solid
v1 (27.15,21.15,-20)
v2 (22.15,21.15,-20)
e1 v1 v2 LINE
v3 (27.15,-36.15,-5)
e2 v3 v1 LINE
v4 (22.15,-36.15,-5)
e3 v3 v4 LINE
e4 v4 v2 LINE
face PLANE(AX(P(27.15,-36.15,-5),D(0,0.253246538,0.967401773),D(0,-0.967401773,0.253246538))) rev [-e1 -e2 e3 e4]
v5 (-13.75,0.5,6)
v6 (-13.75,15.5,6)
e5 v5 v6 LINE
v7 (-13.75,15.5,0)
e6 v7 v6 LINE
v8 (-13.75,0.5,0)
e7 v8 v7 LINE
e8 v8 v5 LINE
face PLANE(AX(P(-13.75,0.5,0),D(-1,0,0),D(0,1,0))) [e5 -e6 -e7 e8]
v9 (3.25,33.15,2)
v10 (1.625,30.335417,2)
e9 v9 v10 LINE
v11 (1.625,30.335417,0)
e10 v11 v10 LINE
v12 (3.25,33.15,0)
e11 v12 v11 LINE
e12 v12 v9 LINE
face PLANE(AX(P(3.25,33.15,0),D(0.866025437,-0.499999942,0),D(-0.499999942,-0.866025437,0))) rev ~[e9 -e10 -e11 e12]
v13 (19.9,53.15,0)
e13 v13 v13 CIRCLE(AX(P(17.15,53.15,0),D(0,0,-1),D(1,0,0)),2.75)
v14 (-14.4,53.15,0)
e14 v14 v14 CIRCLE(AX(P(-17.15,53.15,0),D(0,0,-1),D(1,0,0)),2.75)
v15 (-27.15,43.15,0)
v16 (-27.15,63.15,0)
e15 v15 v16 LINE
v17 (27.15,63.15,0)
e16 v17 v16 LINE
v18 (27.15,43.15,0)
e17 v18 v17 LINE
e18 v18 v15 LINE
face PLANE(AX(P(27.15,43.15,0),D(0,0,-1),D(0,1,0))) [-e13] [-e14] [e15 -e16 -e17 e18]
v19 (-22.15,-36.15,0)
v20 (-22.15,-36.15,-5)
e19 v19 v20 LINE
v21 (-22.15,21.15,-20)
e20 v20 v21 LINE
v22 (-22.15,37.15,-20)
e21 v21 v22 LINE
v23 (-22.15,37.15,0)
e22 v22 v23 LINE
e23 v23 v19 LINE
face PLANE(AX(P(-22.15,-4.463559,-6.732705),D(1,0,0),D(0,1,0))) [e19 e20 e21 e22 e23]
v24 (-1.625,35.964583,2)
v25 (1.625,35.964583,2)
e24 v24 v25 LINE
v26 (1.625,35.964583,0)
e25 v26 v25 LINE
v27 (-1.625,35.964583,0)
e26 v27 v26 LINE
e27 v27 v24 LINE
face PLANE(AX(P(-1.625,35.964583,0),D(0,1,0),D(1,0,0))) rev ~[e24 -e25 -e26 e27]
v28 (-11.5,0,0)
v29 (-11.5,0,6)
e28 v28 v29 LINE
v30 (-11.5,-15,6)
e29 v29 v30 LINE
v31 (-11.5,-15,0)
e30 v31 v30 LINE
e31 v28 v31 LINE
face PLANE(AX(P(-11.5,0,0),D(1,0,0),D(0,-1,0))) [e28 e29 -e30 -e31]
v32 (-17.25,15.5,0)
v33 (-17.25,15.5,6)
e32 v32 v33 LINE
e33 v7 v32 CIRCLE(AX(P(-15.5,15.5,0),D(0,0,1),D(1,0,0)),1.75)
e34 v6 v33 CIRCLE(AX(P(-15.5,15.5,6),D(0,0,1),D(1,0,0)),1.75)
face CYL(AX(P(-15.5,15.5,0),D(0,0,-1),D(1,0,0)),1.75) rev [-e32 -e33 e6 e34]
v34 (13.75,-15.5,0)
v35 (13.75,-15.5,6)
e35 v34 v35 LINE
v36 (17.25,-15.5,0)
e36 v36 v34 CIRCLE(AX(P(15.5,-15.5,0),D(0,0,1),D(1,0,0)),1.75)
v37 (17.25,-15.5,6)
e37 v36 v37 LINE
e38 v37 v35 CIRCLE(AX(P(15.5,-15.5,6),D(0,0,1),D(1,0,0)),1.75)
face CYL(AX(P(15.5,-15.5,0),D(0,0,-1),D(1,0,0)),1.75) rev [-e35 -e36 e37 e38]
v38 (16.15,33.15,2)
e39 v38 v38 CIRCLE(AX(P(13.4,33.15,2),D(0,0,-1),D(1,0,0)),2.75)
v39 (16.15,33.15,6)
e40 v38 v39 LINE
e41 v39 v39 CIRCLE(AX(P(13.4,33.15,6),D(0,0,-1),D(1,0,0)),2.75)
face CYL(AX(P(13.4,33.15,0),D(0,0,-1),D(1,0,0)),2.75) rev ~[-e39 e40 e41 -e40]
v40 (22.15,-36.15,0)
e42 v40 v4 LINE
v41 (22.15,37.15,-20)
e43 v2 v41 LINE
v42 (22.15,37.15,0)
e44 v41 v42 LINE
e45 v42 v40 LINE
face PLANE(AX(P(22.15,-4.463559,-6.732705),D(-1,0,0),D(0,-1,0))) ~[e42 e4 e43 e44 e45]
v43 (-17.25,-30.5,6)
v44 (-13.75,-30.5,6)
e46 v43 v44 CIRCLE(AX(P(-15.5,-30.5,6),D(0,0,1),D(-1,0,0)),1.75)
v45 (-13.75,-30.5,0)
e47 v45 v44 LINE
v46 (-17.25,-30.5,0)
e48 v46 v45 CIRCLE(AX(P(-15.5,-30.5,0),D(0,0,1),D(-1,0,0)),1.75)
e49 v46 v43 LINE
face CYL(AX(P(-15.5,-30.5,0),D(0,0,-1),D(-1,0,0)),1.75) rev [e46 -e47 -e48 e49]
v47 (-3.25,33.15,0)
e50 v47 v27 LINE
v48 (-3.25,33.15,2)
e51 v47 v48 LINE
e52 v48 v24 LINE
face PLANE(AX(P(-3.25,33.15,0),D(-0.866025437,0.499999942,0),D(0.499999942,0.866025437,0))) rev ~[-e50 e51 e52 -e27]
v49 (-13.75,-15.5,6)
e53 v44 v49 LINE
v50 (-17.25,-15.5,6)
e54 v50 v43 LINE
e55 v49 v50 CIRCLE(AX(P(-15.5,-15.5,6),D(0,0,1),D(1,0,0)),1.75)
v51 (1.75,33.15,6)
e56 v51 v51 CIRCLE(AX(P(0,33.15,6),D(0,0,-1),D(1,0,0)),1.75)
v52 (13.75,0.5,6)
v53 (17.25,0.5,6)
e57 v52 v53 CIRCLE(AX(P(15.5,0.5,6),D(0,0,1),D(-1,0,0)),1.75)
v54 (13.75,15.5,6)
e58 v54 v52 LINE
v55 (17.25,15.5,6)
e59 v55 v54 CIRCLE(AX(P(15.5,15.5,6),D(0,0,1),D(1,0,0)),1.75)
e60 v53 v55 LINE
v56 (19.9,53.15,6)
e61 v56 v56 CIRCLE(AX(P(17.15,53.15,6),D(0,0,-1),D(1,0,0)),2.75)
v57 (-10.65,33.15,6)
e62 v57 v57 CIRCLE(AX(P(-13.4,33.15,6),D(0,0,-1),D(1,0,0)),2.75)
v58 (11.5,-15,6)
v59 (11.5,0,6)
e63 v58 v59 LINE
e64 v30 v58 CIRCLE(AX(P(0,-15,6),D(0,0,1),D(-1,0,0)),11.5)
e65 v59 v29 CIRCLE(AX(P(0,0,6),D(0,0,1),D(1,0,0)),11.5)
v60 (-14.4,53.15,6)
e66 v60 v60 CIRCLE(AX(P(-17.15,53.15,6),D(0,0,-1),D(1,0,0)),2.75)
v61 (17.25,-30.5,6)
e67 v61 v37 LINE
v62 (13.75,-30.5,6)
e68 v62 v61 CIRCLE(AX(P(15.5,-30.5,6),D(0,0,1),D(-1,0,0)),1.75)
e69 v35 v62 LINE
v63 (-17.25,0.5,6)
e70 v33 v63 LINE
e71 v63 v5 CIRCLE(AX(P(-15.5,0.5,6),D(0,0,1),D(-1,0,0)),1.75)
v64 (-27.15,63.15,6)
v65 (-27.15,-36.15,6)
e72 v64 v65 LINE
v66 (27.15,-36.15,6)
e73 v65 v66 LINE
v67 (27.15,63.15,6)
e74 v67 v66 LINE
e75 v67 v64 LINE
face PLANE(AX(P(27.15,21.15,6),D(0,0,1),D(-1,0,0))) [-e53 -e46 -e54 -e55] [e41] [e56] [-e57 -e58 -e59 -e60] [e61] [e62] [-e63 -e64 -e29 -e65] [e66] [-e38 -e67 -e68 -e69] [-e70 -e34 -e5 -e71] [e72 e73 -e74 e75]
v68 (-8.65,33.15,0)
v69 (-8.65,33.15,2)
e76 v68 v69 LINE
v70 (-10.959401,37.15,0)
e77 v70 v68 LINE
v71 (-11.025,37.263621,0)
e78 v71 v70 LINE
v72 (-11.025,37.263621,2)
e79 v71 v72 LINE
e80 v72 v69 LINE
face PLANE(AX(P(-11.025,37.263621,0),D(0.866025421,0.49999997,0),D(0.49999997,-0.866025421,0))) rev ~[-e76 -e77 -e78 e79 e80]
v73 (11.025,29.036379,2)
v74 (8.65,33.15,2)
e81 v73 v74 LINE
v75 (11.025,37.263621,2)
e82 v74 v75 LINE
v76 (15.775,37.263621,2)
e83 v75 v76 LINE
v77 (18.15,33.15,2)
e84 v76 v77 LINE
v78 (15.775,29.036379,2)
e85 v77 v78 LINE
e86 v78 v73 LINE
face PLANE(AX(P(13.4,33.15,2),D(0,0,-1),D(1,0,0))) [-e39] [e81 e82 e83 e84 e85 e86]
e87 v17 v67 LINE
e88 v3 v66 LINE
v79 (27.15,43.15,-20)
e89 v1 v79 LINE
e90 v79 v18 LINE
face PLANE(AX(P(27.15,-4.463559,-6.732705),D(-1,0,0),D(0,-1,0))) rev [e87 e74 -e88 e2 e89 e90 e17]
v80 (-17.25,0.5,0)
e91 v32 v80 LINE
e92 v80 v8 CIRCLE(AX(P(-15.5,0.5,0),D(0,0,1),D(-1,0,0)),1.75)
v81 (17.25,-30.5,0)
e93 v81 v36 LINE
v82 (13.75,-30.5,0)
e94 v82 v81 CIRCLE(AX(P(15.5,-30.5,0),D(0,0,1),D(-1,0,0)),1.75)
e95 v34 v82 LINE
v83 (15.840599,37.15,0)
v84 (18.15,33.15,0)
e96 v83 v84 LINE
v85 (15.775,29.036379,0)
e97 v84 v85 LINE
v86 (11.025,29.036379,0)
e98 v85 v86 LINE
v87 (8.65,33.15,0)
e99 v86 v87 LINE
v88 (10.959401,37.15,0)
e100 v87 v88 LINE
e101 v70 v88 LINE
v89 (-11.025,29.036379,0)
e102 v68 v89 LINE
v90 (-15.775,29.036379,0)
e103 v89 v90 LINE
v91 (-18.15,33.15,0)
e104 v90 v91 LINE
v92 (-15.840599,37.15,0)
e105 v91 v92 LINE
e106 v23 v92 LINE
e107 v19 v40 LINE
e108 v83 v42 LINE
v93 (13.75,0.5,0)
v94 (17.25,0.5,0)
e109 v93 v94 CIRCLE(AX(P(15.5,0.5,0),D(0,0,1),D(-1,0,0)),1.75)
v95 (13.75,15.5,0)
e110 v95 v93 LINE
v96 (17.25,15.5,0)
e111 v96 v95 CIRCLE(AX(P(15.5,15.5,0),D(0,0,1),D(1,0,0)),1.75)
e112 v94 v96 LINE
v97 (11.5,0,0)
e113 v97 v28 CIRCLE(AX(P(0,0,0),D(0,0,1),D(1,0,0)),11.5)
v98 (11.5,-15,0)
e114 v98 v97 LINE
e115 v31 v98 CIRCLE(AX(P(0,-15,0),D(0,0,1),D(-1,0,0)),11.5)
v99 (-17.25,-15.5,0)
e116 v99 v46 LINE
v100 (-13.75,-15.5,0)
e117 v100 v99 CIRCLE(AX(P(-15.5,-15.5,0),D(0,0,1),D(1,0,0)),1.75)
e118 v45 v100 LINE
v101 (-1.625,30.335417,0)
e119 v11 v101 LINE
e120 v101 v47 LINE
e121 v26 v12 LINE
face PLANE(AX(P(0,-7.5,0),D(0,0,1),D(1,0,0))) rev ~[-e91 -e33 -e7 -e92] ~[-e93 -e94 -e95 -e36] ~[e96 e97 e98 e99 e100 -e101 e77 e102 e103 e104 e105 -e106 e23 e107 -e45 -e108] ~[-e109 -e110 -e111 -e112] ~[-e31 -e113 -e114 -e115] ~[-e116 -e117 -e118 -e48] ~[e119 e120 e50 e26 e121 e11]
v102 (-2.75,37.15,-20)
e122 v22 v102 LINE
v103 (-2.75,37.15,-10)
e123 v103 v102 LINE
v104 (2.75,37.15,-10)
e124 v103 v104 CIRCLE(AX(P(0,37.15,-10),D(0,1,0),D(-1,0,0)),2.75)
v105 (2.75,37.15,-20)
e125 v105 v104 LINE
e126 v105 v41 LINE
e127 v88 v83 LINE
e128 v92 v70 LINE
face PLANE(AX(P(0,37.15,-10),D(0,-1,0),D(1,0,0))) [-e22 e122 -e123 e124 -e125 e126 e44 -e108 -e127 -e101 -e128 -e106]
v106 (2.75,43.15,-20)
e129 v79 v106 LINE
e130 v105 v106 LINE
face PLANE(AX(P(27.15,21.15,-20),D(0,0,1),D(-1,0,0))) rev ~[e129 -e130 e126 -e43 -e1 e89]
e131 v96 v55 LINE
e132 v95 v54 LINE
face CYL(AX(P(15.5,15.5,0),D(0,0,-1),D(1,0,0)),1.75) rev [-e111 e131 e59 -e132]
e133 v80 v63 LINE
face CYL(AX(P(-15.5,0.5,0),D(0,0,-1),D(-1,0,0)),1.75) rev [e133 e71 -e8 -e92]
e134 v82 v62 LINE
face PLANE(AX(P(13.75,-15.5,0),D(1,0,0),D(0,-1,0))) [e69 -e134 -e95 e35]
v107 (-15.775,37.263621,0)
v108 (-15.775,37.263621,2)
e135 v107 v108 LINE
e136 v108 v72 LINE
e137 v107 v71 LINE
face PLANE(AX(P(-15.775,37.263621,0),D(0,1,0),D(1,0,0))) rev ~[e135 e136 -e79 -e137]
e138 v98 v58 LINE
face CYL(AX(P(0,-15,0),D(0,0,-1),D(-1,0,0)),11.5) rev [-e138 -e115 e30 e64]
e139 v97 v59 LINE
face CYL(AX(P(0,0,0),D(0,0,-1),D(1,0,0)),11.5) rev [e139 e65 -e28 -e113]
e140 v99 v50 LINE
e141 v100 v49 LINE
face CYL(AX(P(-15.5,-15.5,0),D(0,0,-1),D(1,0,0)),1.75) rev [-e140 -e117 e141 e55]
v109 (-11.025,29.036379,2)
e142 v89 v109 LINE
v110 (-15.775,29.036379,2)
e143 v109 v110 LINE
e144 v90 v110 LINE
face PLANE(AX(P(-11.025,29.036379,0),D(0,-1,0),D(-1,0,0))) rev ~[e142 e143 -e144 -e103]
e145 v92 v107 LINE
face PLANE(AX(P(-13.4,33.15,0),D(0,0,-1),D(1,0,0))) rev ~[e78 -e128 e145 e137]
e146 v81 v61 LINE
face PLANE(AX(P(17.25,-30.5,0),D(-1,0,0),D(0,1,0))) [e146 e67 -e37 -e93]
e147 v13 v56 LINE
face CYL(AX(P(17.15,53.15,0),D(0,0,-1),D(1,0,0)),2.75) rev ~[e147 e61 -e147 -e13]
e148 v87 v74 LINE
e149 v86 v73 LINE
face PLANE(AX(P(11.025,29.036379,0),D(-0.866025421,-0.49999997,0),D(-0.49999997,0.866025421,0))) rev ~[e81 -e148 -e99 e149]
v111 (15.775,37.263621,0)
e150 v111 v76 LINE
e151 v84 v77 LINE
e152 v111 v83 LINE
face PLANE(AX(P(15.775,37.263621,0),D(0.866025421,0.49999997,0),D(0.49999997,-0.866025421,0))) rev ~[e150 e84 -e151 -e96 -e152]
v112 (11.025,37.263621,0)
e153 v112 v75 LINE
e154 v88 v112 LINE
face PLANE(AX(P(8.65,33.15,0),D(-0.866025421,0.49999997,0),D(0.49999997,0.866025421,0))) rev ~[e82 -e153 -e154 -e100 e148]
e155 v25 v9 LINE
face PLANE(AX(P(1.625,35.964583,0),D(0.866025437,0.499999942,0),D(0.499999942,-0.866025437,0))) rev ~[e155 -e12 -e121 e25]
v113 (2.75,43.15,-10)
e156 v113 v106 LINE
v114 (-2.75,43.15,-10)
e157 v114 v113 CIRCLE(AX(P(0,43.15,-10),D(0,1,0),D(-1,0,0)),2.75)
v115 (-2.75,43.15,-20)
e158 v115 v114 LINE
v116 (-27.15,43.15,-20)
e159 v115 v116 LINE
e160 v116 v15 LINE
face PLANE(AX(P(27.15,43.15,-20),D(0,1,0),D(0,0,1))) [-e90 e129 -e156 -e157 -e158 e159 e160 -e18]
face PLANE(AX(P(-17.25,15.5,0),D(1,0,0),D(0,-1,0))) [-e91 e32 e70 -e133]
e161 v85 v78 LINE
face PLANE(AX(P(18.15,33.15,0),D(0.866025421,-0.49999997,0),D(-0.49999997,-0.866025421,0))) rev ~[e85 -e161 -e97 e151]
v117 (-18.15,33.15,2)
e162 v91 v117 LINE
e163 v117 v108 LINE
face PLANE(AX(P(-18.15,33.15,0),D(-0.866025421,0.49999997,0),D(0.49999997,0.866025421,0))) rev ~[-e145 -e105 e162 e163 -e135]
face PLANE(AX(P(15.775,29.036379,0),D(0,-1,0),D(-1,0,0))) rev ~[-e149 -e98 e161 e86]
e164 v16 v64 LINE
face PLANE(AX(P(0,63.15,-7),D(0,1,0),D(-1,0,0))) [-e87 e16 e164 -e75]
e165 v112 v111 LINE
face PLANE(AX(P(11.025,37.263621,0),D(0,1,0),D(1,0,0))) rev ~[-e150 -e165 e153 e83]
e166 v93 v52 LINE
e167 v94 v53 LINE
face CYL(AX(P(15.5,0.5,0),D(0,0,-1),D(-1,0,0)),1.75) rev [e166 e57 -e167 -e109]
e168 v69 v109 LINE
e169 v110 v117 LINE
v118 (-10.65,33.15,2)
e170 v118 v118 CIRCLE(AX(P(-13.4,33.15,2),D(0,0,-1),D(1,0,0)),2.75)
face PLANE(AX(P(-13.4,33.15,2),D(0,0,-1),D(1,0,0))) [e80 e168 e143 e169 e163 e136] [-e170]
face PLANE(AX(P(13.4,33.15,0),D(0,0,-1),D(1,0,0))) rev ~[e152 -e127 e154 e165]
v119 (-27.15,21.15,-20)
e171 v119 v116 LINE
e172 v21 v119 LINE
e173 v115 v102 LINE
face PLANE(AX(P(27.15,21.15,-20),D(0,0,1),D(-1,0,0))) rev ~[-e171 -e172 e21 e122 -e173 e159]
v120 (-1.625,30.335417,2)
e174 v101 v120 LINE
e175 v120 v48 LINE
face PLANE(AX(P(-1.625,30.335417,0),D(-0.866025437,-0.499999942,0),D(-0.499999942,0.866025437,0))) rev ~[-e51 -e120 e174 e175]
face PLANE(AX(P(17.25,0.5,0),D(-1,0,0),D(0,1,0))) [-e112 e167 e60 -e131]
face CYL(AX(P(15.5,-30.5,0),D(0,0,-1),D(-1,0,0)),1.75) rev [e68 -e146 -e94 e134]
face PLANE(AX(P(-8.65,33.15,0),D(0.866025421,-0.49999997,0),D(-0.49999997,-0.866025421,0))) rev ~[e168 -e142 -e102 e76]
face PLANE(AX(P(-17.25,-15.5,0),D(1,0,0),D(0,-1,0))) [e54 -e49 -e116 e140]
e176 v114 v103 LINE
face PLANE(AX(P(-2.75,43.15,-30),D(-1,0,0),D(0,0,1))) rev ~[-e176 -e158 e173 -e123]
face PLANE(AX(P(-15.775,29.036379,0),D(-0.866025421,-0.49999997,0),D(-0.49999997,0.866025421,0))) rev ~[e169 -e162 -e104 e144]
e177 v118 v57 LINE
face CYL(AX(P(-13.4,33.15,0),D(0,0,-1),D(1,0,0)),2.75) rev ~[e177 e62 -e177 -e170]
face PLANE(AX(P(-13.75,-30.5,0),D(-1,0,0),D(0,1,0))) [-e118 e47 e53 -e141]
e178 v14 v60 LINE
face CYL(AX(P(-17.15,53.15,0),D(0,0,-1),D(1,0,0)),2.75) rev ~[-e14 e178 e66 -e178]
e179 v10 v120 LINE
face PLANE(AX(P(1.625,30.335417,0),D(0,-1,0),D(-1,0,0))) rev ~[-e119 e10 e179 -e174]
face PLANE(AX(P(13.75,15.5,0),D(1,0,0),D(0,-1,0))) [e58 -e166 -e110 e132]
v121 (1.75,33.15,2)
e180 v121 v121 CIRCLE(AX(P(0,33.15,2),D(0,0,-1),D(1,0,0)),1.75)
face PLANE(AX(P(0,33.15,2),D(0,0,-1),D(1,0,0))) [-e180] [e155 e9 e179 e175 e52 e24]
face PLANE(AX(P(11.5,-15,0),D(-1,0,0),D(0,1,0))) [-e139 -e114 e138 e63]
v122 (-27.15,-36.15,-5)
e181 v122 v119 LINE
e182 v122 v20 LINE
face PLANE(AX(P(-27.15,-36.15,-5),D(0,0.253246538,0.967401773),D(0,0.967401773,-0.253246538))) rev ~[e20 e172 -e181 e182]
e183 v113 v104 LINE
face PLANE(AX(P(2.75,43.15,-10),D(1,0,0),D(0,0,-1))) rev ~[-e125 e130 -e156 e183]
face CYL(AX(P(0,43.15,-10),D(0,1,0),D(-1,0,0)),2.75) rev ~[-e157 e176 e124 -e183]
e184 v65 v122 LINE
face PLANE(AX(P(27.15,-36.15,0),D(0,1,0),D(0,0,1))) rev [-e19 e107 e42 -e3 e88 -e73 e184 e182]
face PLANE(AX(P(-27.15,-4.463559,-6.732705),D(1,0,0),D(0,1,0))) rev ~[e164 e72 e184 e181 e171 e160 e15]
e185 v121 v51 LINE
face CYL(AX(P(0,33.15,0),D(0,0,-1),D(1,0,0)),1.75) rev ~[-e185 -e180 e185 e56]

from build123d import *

# Parameters (mm, degrees)
SKETCH_W        = 54.3
SKETCH_H        = 57.3
PAD_DEPTH       = 6
SKETCH001_W     = 54.3
SKETCH001_H     = 26
PAD001_DEPTH    = 42
SKETCH002_W     = 20
SKETCH002_H     = 20
POCKET_DEPTH    = 54.301
PAD002_DEPTH    = 5
SKETCH004_R     = 2.75
POCKET001_DEPTH = 6.001
SKETCH005_W     = 44.3
SKETCH005_H     = 20
POCKET002_DEPTH = 16
SKETCH006_R     = 2.75
SKETCH006_R_2   = 1.75
POCKET003_DEPTH = 6.001
POCKET004_DEPTH = 2
POCKET005_DEPTH = 79.301


with BuildPart() as part:
    # Sketch → Pad (new body)
    with BuildSketch(Plane.XY):
        with Locations((0, -7.5)):
            Rectangle(SKETCH_W, SKETCH_H)
        with BuildLine():
            ThreePointArc((-13.75, 15.5), (-15.5, 17.25), (-17.25, 15.5))
            Line((-17.25, 15.5), (-17.25, 0.5))
            ThreePointArc((-17.25, 0.5), (-15.5, -1.25), (-13.75, 0.5))
            Line((-13.75, 0.5), (-13.75, 15.5))
        make_face(mode=Mode.SUBTRACT)
        with BuildLine():
            ThreePointArc((17.25, 15.5), (15.5, 17.25), (13.75, 15.5))
            Line((13.75, 15.5), (13.75, 0.5))
            ThreePointArc((13.75, 0.5), (15.5, -1.25), (17.25, 0.5))
            Line((17.25, 0.5), (17.25, 15.5))
        make_face(mode=Mode.SUBTRACT)
        with BuildLine():
            ThreePointArc((-13.75, -15.5), (-15.5, -13.75), (-17.25, -15.5))
            Line((-17.25, -15.5), (-17.25, -30.5))
            ThreePointArc((-17.25, -30.5), (-15.5, -32.25), (-13.75, -30.5))
            Line((-13.75, -30.5), (-13.75, -15.5))
        make_face(mode=Mode.SUBTRACT)
        with BuildLine():
            ThreePointArc((17.25, -15.5), (15.5, -13.75), (13.75, -15.5))
            Line((13.75, -15.5), (13.75, -30.5))
            ThreePointArc((13.75, -30.5), (15.5, -32.25), (17.25, -30.5))
            Line((17.25, -30.5), (17.25, -15.5))
        make_face(mode=Mode.SUBTRACT)
        with BuildLine():
            ThreePointArc((11.5, 0), (0, 11.5), (-11.5, 0))
            Line((-11.5, 0), (-11.5, -15))
            ThreePointArc((-11.5, -15), (0, -26.5), (11.5, -15))
            Line((11.5, -15), (11.5, 0))
        make_face(mode=Mode.SUBTRACT)
    extrude(amount=PAD_DEPTH)

    # Sketch001 (on Face1 of Pad) → Pad001 (join)
    with BuildSketch(Plane(origin=(0, 21.15, 0), x_dir=(-1, 0, 0), z_dir=(0, 1, 0))):
        with Locations((0, -7)):
            Rectangle(SKETCH001_W, SKETCH001_H)
    extrude(amount=PAD001_DEPTH)

    # Sketch002 (on Face26 of Pad001) → Pocket (cut, through all)
    with BuildSketch(Plane.YZ.offset(27.15)):
        with Locations((53.15, -10)):
            Rectangle(SKETCH002_W, SKETCH002_H)
    extrude(amount=-POCKET_DEPTH, mode=Mode.SUBTRACT)

    # Sketch003 (on Face3 of Pocket) → Pad002 (join)
    with BuildSketch(Plane(origin=(-27.15, 0, 0), x_dir=(0, -1, 0), z_dir=(-1, 0, 0))):
        Polygon((36.15, 0), (36.15, -5), (-21.15, -20), (-21.15, 0), align=None)
    pad002 = extrude(amount=-PAD002_DEPTH)

    # Mirrored: Pad002 across YZ
    add(pad002.mirror(Plane.YZ))

    # Sketch004 (on Face5 of Mirrored) → Pocket001 (cut, through all)
    with BuildSketch(Plane(origin=(0, 0, 0), x_dir=(1, 0, 0), z_dir=(0, 0, -1))):
        with Locations((-17.15, -53.15)):
            Circle(SKETCH004_R)
        with Locations((17.15, -53.15)):
            Circle(SKETCH004_R)
    extrude(amount=-POCKET001_DEPTH, mode=Mode.SUBTRACT)

    # Sketch005 (on Face5 of Pocket001) → Pocket002 (cut)
    with BuildSketch(Plane.XZ.offset(-21.15)):
        with Locations((0, -10)):
            Rectangle(SKETCH005_W, SKETCH005_H)
    extrude(amount=-POCKET002_DEPTH, mode=Mode.SUBTRACT)

    # Sketch006 (on Face5 of Pocket002) → Pocket003 (cut, through all)
    with BuildSketch(Plane(origin=(0, 0, 0), x_dir=(1, 0, 0), z_dir=(0, 0, -1))):
        with Locations((-13.4, -33.15)):
            Circle(SKETCH006_R)
        with Locations((13.4, -33.15)):
            Circle(SKETCH006_R)
        with Locations((0, -33.15)):
            Circle(SKETCH006_R_2)
    extrude(amount=-POCKET003_DEPTH, mode=Mode.SUBTRACT)

    # Sketch007 (on Face37 of Pocket003) → Pocket004 (cut)
    with BuildSketch(Plane(origin=(0, 0, 0), x_dir=(1, 0, 0), z_dir=(0, 0, -1))):
        Polygon((18.15, -33.15), (15.775, -29.036379), (11.025, -29.036379), (8.65, -33.15), (11.025, -37.263621), (15.775, -37.263621), align=None)
        Polygon((-8.65, -33.15), (-11.025, -29.036379), (-15.775, -29.036379), (-18.15, -33.15), (-15.775, -37.263621), (-11.025, -37.263621), align=None)
        Polygon((3.25, -33.15), (1.625, -30.335417), (-1.625, -30.335417), (-3.25, -33.15), (-1.625, -35.964583), (1.625, -35.964583), align=None)
    extrude(amount=-POCKET004_DEPTH, mode=Mode.SUBTRACT)

    # Sketch008 (on Face48 of Pocket004) → Pocket005 (cut, through all)
    with BuildSketch(Plane(origin=(0, 43.15, 0), x_dir=(-1, 0, 0), z_dir=(0, 1, 0))):
        with BuildLine():
            ThreePointArc((2.75, -10), (0, -7.25), (-2.75, -10))
            Line((-2.75, -10), (-2.75, -30))
            ThreePointArc((-2.75, -30), (0, -32.75), (2.75, -30))
            Line((2.75, -30), (2.75, -10))
        make_face()
    extrude(amount=-POCKET005_DEPTH, mode=Mode.SUBTRACT)


solid = part.part
